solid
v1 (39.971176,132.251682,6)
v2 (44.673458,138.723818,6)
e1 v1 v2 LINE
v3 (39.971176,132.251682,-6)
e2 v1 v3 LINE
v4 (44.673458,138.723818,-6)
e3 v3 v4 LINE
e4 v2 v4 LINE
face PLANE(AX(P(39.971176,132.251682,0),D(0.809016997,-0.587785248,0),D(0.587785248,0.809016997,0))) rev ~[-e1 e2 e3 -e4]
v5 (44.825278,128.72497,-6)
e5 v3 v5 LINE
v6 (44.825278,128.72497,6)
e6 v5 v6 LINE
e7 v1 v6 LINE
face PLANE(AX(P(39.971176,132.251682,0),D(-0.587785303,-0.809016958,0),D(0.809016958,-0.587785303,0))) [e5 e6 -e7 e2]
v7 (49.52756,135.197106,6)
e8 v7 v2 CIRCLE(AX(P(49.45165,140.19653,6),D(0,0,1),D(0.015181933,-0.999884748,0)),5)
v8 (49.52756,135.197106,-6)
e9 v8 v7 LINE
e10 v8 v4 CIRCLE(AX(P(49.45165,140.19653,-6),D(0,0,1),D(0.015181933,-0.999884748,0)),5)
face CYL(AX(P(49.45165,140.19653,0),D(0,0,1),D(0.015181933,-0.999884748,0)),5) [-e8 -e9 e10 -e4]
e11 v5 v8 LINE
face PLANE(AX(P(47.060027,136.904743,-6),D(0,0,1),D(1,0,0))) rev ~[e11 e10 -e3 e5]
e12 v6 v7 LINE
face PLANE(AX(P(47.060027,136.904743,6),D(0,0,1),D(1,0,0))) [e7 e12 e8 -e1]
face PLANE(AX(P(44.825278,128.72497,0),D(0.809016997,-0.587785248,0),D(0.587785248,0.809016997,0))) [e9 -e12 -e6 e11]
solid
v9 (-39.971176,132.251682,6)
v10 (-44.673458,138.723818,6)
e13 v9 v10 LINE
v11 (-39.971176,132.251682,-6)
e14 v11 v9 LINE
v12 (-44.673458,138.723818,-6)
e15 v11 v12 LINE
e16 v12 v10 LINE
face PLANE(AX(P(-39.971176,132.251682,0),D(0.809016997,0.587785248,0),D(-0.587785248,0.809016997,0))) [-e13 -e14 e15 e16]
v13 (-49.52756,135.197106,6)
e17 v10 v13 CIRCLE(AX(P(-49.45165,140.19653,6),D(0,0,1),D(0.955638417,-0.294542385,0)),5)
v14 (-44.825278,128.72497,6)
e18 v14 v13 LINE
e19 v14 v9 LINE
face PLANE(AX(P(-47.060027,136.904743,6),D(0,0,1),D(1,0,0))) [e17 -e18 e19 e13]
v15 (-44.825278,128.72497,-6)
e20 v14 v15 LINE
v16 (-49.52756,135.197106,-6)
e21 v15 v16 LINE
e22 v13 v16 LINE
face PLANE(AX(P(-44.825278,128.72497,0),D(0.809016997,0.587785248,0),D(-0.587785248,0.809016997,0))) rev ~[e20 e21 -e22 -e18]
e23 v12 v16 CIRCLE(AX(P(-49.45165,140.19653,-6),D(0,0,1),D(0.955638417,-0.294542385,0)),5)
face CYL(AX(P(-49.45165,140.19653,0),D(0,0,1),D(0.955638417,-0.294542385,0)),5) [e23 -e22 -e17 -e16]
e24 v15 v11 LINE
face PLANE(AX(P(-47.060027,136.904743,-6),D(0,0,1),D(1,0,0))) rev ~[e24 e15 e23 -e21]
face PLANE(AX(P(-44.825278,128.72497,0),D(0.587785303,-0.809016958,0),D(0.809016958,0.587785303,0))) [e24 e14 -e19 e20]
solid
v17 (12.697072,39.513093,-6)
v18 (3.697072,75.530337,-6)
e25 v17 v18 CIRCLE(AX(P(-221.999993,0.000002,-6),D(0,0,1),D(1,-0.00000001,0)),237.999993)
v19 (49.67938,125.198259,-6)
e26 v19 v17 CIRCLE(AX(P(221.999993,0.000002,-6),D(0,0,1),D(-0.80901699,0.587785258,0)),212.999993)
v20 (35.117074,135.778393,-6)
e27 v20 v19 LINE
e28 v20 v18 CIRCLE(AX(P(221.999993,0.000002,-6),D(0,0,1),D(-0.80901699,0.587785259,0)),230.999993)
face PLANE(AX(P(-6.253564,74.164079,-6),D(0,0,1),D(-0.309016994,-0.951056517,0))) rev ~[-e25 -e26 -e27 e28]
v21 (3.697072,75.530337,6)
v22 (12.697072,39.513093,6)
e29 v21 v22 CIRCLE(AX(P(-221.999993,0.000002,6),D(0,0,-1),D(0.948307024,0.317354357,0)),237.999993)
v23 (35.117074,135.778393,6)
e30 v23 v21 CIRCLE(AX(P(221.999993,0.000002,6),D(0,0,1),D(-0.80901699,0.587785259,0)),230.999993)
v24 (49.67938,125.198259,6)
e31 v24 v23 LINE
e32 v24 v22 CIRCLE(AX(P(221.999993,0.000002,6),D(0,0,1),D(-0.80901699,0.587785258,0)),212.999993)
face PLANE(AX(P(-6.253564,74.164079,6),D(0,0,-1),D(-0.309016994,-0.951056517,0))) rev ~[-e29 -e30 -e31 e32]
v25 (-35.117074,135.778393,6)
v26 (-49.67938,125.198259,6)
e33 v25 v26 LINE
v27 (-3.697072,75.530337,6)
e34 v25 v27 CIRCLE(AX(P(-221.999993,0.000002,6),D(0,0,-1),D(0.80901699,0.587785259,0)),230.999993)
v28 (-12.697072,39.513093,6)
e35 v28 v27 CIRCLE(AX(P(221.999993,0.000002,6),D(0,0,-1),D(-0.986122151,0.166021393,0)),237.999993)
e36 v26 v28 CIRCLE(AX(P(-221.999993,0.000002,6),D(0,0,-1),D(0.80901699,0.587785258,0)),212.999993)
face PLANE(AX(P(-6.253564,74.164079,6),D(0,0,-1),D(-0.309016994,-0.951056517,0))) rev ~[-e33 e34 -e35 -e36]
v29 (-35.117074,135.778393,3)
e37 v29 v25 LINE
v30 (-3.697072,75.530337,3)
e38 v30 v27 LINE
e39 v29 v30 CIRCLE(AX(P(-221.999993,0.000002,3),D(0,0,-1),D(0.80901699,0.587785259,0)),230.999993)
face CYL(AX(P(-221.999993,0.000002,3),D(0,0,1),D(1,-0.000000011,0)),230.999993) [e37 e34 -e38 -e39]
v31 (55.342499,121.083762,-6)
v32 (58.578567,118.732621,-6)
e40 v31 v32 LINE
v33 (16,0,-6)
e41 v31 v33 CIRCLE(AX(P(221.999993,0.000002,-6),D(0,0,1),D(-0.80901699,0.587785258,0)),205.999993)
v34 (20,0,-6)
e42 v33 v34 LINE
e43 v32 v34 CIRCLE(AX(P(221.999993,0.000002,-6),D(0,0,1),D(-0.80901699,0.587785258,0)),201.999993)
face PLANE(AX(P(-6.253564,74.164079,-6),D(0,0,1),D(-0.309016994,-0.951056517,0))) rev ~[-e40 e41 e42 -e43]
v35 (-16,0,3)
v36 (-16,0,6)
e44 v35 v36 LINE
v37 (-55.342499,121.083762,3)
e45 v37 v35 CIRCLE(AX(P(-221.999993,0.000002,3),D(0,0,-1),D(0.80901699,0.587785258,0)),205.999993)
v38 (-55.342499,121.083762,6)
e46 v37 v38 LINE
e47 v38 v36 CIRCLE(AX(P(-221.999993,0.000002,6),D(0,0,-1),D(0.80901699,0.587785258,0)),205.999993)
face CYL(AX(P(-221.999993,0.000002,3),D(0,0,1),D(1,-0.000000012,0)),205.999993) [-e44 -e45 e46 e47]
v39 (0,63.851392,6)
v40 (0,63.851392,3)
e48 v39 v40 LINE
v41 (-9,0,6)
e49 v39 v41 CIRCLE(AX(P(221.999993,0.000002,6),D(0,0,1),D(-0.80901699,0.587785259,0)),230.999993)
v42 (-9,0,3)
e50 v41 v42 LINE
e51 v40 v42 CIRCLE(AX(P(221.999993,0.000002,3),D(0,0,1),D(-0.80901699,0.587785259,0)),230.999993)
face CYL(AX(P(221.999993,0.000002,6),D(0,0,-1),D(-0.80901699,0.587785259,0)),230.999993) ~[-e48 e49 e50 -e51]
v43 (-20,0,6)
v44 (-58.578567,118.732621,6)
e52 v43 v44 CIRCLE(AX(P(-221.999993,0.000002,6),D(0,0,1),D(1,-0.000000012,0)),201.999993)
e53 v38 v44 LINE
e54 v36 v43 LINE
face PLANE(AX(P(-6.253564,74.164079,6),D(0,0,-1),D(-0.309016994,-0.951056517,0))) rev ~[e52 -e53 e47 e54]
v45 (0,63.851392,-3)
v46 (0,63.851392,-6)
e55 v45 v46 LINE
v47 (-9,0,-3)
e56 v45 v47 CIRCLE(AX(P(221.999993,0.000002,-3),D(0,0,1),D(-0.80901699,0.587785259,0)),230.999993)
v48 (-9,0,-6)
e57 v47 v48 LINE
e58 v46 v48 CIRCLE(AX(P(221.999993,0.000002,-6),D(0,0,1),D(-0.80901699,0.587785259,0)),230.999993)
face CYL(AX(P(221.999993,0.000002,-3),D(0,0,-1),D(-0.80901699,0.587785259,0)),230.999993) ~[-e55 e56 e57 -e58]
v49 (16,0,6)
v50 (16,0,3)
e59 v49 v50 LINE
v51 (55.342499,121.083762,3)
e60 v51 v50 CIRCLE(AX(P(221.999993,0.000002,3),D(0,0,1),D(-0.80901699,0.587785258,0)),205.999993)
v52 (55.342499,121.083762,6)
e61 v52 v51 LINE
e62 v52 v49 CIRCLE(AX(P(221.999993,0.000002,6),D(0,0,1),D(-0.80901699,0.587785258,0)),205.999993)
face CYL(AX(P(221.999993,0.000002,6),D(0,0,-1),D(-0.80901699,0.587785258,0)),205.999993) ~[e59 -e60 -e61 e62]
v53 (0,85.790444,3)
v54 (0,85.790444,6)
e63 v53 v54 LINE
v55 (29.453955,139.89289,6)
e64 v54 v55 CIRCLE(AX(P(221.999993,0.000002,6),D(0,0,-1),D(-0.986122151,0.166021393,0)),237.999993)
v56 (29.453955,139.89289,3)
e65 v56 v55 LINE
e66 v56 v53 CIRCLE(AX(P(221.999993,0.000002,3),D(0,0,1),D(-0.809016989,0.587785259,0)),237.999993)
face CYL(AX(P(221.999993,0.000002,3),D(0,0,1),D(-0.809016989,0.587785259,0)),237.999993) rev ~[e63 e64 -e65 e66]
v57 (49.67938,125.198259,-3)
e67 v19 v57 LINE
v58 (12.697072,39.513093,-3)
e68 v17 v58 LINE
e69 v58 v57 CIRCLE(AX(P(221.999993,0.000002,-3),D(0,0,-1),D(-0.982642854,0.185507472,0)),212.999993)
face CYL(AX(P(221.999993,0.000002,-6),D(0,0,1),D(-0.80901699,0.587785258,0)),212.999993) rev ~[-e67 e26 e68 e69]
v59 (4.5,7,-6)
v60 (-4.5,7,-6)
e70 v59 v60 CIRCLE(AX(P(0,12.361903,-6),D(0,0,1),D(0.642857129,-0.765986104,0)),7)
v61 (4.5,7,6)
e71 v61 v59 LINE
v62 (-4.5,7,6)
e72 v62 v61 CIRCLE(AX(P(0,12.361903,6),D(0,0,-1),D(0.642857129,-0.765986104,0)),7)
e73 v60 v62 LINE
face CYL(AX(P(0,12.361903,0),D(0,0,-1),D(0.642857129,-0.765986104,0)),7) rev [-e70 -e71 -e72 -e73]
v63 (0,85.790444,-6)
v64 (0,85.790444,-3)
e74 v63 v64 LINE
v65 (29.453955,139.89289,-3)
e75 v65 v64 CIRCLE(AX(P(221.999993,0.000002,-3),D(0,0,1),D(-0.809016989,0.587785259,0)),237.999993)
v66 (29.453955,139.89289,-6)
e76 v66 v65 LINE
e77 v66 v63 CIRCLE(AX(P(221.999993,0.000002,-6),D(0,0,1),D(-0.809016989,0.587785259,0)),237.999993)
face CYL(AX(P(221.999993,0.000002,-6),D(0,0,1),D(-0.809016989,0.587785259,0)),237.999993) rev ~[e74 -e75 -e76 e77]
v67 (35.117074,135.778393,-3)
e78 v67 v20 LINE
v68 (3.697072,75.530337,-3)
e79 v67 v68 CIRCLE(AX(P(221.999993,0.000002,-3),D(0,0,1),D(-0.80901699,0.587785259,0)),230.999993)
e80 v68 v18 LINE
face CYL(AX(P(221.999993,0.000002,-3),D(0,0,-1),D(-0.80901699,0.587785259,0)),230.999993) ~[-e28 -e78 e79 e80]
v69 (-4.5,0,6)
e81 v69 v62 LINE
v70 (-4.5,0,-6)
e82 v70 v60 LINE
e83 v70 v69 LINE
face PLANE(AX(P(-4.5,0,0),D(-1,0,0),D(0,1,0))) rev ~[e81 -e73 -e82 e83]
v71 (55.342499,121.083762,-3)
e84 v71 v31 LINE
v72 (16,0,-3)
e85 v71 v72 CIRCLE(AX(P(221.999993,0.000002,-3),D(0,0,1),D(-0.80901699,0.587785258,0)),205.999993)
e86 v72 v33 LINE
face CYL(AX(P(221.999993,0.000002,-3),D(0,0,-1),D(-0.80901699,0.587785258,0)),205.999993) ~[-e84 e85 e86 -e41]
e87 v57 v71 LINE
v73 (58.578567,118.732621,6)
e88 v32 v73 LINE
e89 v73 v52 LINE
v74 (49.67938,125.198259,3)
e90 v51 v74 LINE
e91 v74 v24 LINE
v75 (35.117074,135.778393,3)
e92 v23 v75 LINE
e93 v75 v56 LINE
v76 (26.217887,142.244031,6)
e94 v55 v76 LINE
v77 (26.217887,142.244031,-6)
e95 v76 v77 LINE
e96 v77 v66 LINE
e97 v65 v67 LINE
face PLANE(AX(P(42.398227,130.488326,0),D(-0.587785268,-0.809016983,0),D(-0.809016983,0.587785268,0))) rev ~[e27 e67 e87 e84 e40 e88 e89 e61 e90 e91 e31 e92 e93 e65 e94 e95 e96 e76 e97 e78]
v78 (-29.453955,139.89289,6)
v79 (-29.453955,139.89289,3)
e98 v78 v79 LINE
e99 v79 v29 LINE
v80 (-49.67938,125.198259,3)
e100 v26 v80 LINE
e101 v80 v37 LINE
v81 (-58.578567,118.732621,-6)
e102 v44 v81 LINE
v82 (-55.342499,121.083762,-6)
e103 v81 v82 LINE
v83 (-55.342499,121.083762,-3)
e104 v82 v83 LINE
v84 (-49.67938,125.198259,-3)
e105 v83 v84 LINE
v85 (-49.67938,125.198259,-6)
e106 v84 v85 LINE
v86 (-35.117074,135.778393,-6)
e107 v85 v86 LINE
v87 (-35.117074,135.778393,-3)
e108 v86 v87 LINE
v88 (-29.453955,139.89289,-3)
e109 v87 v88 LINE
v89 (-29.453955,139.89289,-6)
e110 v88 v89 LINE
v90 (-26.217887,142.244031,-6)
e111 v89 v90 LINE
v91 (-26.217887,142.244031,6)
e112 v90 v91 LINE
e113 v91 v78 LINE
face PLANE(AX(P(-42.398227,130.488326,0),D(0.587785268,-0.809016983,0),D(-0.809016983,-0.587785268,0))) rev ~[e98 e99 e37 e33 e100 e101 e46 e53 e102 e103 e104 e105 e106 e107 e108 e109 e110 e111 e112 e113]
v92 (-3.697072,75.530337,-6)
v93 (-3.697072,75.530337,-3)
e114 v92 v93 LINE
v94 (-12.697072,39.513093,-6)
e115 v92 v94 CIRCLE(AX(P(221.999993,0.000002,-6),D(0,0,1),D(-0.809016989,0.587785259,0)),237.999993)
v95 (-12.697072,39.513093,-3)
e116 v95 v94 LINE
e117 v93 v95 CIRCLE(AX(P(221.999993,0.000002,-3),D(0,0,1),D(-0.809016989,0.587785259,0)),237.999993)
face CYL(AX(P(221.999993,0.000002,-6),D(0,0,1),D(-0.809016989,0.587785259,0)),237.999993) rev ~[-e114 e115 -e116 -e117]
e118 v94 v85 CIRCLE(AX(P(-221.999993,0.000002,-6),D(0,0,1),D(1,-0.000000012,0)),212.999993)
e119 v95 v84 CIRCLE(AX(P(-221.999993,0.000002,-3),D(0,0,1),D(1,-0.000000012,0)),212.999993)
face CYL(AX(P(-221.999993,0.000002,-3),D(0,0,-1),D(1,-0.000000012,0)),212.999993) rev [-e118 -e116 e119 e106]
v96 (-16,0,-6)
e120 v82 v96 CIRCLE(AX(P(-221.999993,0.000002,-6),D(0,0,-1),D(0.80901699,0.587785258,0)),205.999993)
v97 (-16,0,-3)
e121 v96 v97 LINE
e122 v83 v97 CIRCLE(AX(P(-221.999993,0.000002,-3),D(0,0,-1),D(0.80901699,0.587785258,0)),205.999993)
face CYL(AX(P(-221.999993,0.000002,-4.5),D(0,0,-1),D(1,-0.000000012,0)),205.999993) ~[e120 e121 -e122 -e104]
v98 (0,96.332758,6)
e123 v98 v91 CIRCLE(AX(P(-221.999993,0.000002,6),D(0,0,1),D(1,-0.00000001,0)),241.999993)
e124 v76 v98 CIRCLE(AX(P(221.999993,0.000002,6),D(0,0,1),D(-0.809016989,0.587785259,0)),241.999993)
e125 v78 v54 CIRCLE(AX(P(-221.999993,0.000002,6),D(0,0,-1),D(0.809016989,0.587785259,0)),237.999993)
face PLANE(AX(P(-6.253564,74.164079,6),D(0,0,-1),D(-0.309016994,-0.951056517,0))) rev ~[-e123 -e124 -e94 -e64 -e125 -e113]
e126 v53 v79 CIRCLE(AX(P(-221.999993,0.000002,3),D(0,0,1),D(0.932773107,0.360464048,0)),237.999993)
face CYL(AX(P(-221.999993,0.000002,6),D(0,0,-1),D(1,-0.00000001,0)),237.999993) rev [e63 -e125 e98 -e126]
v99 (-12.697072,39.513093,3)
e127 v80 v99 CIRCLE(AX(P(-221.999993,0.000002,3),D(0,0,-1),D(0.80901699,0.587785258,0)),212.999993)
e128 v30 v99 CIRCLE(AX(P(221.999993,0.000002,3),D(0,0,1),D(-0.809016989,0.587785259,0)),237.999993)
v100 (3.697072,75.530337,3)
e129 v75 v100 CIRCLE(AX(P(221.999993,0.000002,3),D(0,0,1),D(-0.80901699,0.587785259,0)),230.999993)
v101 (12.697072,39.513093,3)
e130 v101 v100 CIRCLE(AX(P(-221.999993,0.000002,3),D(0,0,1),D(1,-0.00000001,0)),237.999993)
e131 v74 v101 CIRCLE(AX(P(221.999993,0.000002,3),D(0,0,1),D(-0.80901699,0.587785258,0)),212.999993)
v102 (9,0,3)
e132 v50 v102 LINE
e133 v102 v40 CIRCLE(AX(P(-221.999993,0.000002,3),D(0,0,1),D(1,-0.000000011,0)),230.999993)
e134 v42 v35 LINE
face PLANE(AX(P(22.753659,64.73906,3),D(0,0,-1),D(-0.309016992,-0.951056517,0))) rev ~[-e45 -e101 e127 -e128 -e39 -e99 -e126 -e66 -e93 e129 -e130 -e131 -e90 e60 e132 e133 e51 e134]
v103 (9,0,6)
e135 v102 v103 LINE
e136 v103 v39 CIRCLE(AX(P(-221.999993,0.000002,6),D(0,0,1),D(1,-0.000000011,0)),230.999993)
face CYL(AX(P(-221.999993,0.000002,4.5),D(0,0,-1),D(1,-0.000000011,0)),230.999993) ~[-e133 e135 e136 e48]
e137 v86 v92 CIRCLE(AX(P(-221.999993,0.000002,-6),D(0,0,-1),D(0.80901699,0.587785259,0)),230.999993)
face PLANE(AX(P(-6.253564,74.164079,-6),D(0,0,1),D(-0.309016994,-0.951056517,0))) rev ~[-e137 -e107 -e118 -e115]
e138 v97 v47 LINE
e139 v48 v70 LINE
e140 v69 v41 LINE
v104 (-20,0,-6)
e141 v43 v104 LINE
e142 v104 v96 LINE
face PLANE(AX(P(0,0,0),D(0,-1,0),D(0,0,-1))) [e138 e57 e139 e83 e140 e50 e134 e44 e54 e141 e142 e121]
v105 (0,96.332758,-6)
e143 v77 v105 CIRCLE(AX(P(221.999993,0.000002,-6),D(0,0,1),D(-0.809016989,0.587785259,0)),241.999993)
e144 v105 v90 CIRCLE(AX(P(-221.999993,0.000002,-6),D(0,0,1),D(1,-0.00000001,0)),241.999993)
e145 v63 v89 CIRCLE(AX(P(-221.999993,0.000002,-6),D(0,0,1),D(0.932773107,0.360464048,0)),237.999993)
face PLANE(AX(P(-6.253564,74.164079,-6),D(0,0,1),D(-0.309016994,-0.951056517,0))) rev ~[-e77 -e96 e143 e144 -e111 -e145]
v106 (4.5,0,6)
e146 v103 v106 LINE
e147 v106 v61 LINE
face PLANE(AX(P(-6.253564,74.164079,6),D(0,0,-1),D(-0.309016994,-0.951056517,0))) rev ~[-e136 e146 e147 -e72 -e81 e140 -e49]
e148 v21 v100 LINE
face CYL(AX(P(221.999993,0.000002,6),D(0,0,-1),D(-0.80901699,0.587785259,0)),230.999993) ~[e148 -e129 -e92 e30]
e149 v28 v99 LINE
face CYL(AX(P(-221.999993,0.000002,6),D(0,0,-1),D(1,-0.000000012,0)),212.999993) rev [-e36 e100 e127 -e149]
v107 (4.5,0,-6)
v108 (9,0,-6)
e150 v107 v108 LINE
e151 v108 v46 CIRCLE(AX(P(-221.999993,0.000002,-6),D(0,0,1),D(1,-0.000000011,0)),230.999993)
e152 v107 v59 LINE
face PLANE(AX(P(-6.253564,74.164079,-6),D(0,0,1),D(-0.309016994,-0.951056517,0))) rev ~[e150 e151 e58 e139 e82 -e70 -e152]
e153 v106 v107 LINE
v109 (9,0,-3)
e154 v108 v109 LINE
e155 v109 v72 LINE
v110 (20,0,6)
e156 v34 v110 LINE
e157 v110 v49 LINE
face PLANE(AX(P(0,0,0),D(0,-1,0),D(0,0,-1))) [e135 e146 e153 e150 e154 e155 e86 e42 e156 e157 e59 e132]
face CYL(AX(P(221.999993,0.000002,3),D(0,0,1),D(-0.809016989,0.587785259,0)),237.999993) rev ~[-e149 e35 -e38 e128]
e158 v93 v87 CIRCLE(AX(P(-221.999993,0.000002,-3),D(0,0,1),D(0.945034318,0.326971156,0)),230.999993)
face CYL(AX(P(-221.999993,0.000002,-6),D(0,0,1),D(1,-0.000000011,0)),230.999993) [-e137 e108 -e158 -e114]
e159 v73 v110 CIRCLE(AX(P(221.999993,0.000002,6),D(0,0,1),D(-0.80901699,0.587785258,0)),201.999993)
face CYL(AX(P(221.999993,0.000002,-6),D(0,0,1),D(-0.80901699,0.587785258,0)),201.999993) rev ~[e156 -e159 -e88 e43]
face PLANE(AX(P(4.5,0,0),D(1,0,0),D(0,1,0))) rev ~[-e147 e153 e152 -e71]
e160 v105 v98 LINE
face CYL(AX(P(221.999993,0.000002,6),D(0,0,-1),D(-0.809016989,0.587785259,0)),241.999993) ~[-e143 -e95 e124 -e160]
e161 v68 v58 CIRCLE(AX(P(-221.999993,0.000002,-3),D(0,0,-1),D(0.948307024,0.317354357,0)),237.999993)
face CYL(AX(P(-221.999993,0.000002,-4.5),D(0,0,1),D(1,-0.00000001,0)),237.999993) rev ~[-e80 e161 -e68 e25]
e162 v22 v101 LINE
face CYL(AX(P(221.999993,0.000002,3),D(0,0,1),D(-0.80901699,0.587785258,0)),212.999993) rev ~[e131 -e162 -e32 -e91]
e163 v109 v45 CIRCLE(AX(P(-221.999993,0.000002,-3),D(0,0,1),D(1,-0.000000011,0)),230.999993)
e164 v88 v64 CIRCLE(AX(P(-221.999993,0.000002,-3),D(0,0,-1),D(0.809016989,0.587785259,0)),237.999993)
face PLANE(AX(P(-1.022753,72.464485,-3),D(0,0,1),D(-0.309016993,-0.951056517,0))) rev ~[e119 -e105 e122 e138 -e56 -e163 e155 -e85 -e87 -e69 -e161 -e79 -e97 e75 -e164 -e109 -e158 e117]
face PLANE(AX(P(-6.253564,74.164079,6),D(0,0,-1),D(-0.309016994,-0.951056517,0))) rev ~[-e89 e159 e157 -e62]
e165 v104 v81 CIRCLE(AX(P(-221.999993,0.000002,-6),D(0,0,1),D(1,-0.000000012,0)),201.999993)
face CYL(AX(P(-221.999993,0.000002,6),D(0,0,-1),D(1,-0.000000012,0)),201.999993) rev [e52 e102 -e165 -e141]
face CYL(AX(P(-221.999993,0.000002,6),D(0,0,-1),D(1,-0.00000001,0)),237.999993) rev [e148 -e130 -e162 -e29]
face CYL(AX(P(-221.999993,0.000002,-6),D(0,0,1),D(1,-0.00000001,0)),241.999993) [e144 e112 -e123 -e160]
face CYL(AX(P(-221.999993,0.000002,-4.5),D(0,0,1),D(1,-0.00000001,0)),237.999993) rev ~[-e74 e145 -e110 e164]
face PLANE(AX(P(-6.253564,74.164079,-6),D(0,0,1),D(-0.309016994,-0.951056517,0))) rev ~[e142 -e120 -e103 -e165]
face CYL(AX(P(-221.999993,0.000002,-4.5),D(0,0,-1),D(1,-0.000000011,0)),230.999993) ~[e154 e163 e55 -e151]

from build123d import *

# Parameters (mm, degrees)
SKETCH003_W       = 7
SKETCH003_H       = 3
SKETCH004_W       = 7
SKETCH004_H       = 3
SKETCH005_W       = 7
SKETCH005_H       = 3
SKETCH006_W       = 7
SKETCH006_H       = 3
POCKET_DEPTH      = 6.001
POCKET_DEPTH_BACK = -6.001
PAD001_DEPTH      = 6
PAD002_DEPTH      = 6


with BuildPart() as main:
    # AdditivePipe: sweep along a path in Sketch
    with BuildLine(Plane.XY) as additivepipe_path:
        ThreePointArc((0, 0), (-10.865453, 68.601773), (-42.398227, 130.488326))
    # Sketch002 → AdditivePipe (sweep)
    with BuildSketch(Plane.XZ):
        Polygon((-20, 6), (-20, -6), (-16, -6), (-16, -3), (-9, -3), (-9, -6), (9, -6), (9, -3), (16, -3), (16, -6), (20, -6), (20, 6), (16, 6), (16, 3), (9, 3), (9, 6), (-9, 6), (-9, 3), (-16, 3), (-16, 6), align=None)
    sweep(path=additivepipe_path.line)

    # AdditivePipe001: sweep along a path in Sketch001
    with BuildLine(Plane.XY) as additivepipe001_path:
        ThreePointArc((42.398227, 130.488326), (10.865453, 68.601773), (0, 0))
    # Sketch002 → AdditivePipe001 (sweep)
    with BuildSketch(Plane.XZ):
        Polygon((-20, 6), (-20, -6), (-16, -6), (-16, -3), (-9, -3), (-9, -6), (9, -6), (9, -3), (16, -3), (16, -6), (20, -6), (20, 6), (16, 6), (16, 3), (9, 3), (9, 6), (-9, 6), (-9, 3), (-16, 3), (-16, 6), align=None)
    sweep(path=additivepipe001_path.line)

    # SubtractivePipe: sweep along a path in Sketch
    with BuildLine(Plane.XY) as subtractivepipe_path:
        ThreePointArc((0, 0), (-10.865453, 68.601773), (-42.398227, 130.488326))
    # Sketch003 → SubtractivePipe (sweep, cut)
    with BuildSketch(Plane.XZ):
        with Locations((-12.5, 4.5)):
            Rectangle(SKETCH003_W, SKETCH003_H)
    sweep(path=subtractivepipe_path.line, mode=Mode.SUBTRACT)

    # SubtractivePipe001: sweep along a path in Sketch001
    with BuildLine(Plane.XY) as subtractivepipe001_path:
        ThreePointArc((42.398227, 130.488326), (10.865453, 68.601773), (0, 0))
    # Sketch003 → SubtractivePipe001 (sweep, cut)
    with BuildSketch(Plane.XZ):
        with Locations((-12.5, 4.5)):
            Rectangle(SKETCH003_W, SKETCH003_H)
    sweep(path=subtractivepipe001_path.line, mode=Mode.SUBTRACT)

    # SubtractivePipe002: sweep along a path in Sketch
    with BuildLine(Plane.XY) as subtractivepipe002_path:
        ThreePointArc((0, 0), (-10.865453, 68.601773), (-42.398227, 130.488326))
    # Sketch004 → SubtractivePipe002 (sweep, cut)
    with BuildSketch(Plane.XZ):
        with Locations((12.5, 4.5)):
            Rectangle(SKETCH004_W, SKETCH004_H)
    sweep(path=subtractivepipe002_path.line, mode=Mode.SUBTRACT)

    # SubtractivePipe003: sweep along a path in Sketch001
    with BuildLine(Plane.XY) as subtractivepipe003_path:
        ThreePointArc((42.398227, 130.488326), (10.865453, 68.601773), (0, 0))
    # Sketch004 → SubtractivePipe003 (sweep, cut)
    with BuildSketch(Plane.XZ):
        with Locations((12.5, 4.5)):
            Rectangle(SKETCH004_W, SKETCH004_H)
    sweep(path=subtractivepipe003_path.line, mode=Mode.SUBTRACT)

    # SubtractivePipe004: sweep along a path in Sketch
    with BuildLine(Plane.XY) as subtractivepipe004_path:
        ThreePointArc((0, 0), (-10.865453, 68.601773), (-42.398227, 130.488326))
    # Sketch005 → SubtractivePipe004 (sweep, cut)
    with BuildSketch(Plane.XZ):
        with Locations((-12.5, -4.5)):
            Rectangle(SKETCH005_W, SKETCH005_H)
    sweep(path=subtractivepipe004_path.line, mode=Mode.SUBTRACT)

    # SubtractivePipe005: sweep along a path in Sketch001
    with BuildLine(Plane.XY) as subtractivepipe005_path:
        ThreePointArc((42.398227, 130.488326), (10.865453, 68.601773), (0, 0))
    # Sketch005 → SubtractivePipe005 (sweep, cut)
    with BuildSketch(Plane.XZ):
        with Locations((-12.5, -4.5)):
            Rectangle(SKETCH005_W, SKETCH005_H)
    sweep(path=subtractivepipe005_path.line, mode=Mode.SUBTRACT)

    # SubtractivePipe006: sweep along a path in Sketch
    with BuildLine(Plane.XY) as subtractivepipe006_path:
        ThreePointArc((0, 0), (-10.865453, 68.601773), (-42.398227, 130.488326))
    # Sketch006 → SubtractivePipe006 (sweep, cut)
    with BuildSketch(Plane.XZ):
        with Locations((12.5, -4.5)):
            Rectangle(SKETCH006_W, SKETCH006_H)
    sweep(path=subtractivepipe006_path.line, mode=Mode.SUBTRACT)

    # SubtractivePipe007: sweep along a path in Sketch001
    with BuildLine(Plane.XY) as subtractivepipe007_path:
        ThreePointArc((42.398227, 130.488326), (10.865453, 68.601773), (0, 0))
    # Sketch006 → SubtractivePipe007 (sweep, cut)
    with BuildSketch(Plane.XZ):
        with Locations((12.5, -4.5)):
            Rectangle(SKETCH006_W, SKETCH006_H)
    sweep(path=subtractivepipe007_path.line, mode=Mode.SUBTRACT)

    # Sketch007 → Pocket (cut, two sides)
    with BuildSketch(Plane.XY) as pocket_sk:
        with BuildLine():
            Line((-4.5, 0), (4.5, 0))
            Line((4.5, 0), (4.5, 7))
            ThreePointArc((4.5, 7), (0, 19.361903), (-4.5, 7))
            Line((-4.5, 0), (-4.5, 7))
        make_face()
    extrude(amount=-POCKET_DEPTH, mode=Mode.SUBTRACT)
    extrude(pocket_sk.sketch, amount=-POCKET_DEPTH_BACK, mode=Mode.SUBTRACT)


with BuildPart() as male3:
    # Sketch011 → Pad001 (new body, symmetric)
    with BuildSketch(Plane.XY):
        with BuildLine():
            Line((39.971176, 132.251682), (44.825278, 128.72497))
            Line((44.825278, 128.72497), (49.52756, 135.197106))
            ThreePointArc((49.52756, 135.197106), (52.390577, 144.241615), (44.673458, 138.723818))
            Line((39.971176, 132.251682), (44.673458, 138.723818))
        make_face()
    extrude(amount=PAD001_DEPTH, both=True)


with BuildPart() as male2:
    # Sketch012 → Pad002 (new body, symmetric)
    with BuildSketch(Plane.XY):
        with BuildLine():
            Line((-44.825278, 128.72497), (-39.971176, 132.251682))
            Line((-39.971176, 132.251682), (-44.673458, 138.723818))
            ThreePointArc((-44.673458, 138.723818), (-52.390577, 144.241615), (-49.52756, 135.197106))
            Line((-44.825278, 128.72497), (-49.52756, 135.197106))
        make_face()
    extrude(amount=PAD002_DEPTH, both=True)


solid = Compound([main.part, male3.part, male2.part])
